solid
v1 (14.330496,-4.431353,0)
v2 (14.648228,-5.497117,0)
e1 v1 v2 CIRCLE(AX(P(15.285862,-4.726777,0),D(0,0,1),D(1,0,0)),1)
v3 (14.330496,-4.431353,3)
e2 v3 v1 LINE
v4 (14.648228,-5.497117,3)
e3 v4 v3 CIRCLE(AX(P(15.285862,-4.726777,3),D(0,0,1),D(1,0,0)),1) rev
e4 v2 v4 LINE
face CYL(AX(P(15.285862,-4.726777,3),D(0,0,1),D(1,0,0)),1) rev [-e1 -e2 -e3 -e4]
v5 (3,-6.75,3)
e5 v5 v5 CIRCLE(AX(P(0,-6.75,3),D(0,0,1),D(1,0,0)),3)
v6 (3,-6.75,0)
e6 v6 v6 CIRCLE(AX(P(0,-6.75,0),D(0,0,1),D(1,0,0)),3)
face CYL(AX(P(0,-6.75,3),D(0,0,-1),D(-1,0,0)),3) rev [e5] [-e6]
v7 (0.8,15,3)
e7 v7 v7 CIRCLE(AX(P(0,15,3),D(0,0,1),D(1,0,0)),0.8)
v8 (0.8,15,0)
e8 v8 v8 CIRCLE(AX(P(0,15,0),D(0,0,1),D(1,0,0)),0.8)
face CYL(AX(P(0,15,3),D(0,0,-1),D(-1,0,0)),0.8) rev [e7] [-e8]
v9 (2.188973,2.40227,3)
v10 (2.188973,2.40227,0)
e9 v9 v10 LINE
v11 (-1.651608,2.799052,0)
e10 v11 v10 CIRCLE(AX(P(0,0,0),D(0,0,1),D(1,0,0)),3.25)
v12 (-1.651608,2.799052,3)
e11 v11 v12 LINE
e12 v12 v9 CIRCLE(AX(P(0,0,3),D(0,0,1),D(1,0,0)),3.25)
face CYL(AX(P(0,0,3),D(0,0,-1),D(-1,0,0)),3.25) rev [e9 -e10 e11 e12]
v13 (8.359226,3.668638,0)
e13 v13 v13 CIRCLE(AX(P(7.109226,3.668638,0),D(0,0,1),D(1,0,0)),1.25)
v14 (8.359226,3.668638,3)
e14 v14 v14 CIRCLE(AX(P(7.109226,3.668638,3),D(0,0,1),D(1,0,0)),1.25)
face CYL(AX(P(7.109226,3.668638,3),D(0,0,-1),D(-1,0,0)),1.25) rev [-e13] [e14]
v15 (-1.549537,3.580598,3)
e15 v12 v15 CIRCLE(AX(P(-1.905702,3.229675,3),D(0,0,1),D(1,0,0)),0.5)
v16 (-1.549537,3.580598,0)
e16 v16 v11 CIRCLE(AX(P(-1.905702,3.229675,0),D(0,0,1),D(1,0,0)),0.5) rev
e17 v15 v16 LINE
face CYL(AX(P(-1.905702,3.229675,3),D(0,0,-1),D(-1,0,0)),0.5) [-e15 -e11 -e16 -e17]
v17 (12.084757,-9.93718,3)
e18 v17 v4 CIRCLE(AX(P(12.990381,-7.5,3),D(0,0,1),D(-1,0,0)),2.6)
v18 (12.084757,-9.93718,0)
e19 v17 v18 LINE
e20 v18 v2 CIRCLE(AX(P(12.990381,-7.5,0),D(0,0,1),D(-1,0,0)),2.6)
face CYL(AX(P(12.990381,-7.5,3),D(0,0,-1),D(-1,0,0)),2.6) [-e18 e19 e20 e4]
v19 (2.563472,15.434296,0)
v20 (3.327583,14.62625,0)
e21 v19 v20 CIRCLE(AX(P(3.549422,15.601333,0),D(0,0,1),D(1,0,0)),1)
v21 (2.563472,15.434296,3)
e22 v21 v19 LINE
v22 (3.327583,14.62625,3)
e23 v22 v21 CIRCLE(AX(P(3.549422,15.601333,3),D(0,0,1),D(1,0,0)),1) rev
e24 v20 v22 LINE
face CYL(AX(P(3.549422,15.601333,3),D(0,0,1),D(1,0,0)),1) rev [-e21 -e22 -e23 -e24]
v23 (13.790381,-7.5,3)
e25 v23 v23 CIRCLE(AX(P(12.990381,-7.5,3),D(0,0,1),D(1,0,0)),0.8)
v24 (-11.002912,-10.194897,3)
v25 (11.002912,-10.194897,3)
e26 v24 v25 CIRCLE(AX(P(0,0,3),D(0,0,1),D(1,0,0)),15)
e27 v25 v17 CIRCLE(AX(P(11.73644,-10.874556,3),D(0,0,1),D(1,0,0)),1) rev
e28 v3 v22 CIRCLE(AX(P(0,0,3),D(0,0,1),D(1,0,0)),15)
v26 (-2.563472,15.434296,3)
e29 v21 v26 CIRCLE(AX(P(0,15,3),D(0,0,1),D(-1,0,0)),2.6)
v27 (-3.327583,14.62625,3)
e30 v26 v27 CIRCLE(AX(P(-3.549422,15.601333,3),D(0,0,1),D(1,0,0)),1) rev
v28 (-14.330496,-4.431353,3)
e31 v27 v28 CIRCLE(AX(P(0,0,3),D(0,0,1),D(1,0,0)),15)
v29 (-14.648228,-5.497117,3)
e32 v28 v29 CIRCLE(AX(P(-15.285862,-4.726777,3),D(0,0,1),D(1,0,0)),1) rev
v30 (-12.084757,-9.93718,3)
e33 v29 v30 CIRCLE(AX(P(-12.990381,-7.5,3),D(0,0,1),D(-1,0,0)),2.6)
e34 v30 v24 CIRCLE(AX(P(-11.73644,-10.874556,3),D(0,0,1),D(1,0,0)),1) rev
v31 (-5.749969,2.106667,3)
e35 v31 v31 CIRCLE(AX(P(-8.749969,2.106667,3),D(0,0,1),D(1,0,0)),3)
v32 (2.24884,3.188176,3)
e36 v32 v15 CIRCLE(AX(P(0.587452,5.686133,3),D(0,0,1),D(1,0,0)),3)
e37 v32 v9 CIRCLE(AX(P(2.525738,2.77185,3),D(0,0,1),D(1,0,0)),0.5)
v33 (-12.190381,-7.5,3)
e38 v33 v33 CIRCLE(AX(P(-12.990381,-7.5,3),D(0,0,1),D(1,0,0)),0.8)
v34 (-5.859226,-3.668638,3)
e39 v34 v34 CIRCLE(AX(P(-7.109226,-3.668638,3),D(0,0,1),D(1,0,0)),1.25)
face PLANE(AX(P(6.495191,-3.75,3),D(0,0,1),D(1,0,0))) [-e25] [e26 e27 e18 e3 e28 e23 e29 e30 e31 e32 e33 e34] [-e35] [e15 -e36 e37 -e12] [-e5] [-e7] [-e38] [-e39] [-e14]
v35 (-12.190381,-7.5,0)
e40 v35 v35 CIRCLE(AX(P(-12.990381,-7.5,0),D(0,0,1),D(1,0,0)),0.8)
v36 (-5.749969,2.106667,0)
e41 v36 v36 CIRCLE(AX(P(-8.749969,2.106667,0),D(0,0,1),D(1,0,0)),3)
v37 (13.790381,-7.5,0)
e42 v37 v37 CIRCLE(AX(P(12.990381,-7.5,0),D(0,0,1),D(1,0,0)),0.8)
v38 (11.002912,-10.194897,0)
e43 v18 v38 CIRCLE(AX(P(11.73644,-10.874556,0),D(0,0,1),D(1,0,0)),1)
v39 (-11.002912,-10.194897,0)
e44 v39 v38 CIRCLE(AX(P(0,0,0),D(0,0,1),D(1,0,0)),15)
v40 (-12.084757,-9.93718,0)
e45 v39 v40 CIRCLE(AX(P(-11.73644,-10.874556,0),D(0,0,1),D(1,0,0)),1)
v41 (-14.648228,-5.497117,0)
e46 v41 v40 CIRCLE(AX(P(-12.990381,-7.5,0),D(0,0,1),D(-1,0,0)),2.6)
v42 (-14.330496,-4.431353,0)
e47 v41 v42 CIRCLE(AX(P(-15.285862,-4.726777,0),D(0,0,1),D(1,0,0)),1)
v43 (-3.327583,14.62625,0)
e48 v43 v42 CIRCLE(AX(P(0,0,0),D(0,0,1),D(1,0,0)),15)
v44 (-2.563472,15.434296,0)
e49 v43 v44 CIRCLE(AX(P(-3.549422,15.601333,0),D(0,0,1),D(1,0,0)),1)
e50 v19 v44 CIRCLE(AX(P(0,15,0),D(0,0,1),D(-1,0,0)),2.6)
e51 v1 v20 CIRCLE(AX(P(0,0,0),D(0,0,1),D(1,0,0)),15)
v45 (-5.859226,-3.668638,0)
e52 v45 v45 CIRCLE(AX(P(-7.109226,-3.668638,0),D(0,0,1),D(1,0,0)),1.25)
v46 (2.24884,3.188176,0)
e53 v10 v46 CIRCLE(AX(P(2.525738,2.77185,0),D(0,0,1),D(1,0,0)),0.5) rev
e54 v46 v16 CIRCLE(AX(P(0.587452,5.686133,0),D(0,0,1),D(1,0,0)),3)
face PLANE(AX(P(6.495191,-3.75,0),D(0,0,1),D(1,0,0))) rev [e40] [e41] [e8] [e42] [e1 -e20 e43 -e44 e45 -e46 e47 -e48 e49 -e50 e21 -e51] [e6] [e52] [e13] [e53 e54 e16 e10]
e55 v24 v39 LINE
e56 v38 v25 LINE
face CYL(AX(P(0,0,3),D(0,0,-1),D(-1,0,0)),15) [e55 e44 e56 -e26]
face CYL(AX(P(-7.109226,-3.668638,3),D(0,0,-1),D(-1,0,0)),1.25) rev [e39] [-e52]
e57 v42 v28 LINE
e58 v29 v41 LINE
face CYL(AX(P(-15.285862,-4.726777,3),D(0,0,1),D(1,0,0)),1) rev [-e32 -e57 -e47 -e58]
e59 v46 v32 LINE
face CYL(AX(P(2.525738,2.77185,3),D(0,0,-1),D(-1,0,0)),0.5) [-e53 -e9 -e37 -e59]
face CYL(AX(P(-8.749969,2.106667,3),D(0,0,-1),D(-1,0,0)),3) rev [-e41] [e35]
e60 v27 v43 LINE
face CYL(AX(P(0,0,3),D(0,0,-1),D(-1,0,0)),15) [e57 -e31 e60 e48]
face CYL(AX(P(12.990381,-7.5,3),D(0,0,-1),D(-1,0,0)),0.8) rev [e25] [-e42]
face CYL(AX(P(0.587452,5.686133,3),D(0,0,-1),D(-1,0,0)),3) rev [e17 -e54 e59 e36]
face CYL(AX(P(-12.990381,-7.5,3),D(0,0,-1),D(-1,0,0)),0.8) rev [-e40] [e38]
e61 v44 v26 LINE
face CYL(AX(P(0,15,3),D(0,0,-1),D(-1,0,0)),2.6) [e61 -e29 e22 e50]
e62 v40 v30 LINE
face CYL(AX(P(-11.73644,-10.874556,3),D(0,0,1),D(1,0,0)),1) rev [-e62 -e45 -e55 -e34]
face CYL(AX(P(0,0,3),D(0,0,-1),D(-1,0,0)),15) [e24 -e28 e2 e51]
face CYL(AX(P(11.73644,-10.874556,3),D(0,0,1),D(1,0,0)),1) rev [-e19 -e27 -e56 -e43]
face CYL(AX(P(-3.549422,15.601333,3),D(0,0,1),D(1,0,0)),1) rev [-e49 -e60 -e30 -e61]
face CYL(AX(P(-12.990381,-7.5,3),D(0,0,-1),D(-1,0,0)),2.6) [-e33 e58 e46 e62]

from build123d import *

# Parameters (mm, degrees)
SKETCH_1_R      = 3
SKETCH_1_R_2    = 0.8
SKETCH_1_R_3    = 1.25
EXTRUDE_1_DEPTH = 3
FILLET_1_R      = 0.5
FILLET_2_R      = 1


with BuildPart() as part:
    # ｽｹｯﾁ1 → ﾎﾞｽ - 押し出し1 (new body)
    with BuildSketch(Plane.XY):
        with BuildLine():
            ThreePointArc((-11.50012809, -9.630527187), (-15.242047107, -8.8), (-14.090345241, -5.144139479))
            ThreePointArc((-14.090345241, -5.144139479), (-12.990381057, 7.5), (-2.590217151, 14.774666667))
            ThreePointArc((-2.590217151, 14.774666667), (0, 17.6), (2.590217151, 14.774666667))
            ThreePointArc((2.590217151, 14.774666667), (12.990381057, 7.5), (14.090345241, -5.144139479))
            ThreePointArc((14.090345241, -5.144139479), (15.242047107, -8.8), (11.50012809, -9.630527187))
            ThreePointArc((11.50012809, -9.630527187), (0, -15), (-11.50012809, -9.630527187))
        make_face()
        with Locations((-8.749968889, 2.106666667)):
            Circle(SKETCH_1_R, mode=Mode.SUBTRACT)
        with Locations((0, -6.75)):
            Circle(SKETCH_1_R, mode=Mode.SUBTRACT)
        with Locations((0, 15)):
            Circle(SKETCH_1_R_2, mode=Mode.SUBTRACT)
        with Locations((12.990381057, -7.5)):
            Circle(SKETCH_1_R_2, mode=Mode.SUBTRACT)
        with Locations((-12.990381057, -7.5)):
            Circle(SKETCH_1_R_2, mode=Mode.SUBTRACT)
        with Locations((-7.109225892, -3.668638333)):
            Circle(SKETCH_1_R_3, mode=Mode.SUBTRACT)
        with Locations((7.109225892, 3.668638333)):
            Circle(SKETCH_1_R_3, mode=Mode.SUBTRACT)
        with BuildLine():
            ThreePointArc((1.563335837, 2.849294836), (0.895749756, 8.670249526), (-0.94779451, 3.108727323))
            ThreePointArc((-0.94779451, 3.108727323), (-0.333989648, -3.232793052), (1.563335837, 2.849294836))
        make_face(mode=Mode.SUBTRACT)
    extrude(amount=EXTRUDE_1_DEPTH)

    # ﾌｨﾚｯﾄ1
    fillet_1_edges = [part.edges().sort_by_distance(p)[0] for p in [
        (-0.94779451, 3.108727323, 1.5),
        (1.563335837, 2.849294836, 1.5),
    ]]
    fillet(fillet_1_edges, radius=FILLET_1_R)

    # ﾌｨﾚｯﾄ2
    fillet_2_edges = [part.edges().sort_by_distance(p)[0] for p in [
        (-11.50012809, -9.630527187, 1.5),
        (-14.090345241, -5.144139479, 1.5),
        (-2.590217151, 14.774666667, 1.5),
        (2.590217151, 14.774666667, 1.5),
        (14.090345241, -5.144139479, 1.5),
        (11.50012809, -9.630527187, 1.5),
    ]]
    fillet(fillet_2_edges, radius=FILLET_2_R)


solid = part.part
